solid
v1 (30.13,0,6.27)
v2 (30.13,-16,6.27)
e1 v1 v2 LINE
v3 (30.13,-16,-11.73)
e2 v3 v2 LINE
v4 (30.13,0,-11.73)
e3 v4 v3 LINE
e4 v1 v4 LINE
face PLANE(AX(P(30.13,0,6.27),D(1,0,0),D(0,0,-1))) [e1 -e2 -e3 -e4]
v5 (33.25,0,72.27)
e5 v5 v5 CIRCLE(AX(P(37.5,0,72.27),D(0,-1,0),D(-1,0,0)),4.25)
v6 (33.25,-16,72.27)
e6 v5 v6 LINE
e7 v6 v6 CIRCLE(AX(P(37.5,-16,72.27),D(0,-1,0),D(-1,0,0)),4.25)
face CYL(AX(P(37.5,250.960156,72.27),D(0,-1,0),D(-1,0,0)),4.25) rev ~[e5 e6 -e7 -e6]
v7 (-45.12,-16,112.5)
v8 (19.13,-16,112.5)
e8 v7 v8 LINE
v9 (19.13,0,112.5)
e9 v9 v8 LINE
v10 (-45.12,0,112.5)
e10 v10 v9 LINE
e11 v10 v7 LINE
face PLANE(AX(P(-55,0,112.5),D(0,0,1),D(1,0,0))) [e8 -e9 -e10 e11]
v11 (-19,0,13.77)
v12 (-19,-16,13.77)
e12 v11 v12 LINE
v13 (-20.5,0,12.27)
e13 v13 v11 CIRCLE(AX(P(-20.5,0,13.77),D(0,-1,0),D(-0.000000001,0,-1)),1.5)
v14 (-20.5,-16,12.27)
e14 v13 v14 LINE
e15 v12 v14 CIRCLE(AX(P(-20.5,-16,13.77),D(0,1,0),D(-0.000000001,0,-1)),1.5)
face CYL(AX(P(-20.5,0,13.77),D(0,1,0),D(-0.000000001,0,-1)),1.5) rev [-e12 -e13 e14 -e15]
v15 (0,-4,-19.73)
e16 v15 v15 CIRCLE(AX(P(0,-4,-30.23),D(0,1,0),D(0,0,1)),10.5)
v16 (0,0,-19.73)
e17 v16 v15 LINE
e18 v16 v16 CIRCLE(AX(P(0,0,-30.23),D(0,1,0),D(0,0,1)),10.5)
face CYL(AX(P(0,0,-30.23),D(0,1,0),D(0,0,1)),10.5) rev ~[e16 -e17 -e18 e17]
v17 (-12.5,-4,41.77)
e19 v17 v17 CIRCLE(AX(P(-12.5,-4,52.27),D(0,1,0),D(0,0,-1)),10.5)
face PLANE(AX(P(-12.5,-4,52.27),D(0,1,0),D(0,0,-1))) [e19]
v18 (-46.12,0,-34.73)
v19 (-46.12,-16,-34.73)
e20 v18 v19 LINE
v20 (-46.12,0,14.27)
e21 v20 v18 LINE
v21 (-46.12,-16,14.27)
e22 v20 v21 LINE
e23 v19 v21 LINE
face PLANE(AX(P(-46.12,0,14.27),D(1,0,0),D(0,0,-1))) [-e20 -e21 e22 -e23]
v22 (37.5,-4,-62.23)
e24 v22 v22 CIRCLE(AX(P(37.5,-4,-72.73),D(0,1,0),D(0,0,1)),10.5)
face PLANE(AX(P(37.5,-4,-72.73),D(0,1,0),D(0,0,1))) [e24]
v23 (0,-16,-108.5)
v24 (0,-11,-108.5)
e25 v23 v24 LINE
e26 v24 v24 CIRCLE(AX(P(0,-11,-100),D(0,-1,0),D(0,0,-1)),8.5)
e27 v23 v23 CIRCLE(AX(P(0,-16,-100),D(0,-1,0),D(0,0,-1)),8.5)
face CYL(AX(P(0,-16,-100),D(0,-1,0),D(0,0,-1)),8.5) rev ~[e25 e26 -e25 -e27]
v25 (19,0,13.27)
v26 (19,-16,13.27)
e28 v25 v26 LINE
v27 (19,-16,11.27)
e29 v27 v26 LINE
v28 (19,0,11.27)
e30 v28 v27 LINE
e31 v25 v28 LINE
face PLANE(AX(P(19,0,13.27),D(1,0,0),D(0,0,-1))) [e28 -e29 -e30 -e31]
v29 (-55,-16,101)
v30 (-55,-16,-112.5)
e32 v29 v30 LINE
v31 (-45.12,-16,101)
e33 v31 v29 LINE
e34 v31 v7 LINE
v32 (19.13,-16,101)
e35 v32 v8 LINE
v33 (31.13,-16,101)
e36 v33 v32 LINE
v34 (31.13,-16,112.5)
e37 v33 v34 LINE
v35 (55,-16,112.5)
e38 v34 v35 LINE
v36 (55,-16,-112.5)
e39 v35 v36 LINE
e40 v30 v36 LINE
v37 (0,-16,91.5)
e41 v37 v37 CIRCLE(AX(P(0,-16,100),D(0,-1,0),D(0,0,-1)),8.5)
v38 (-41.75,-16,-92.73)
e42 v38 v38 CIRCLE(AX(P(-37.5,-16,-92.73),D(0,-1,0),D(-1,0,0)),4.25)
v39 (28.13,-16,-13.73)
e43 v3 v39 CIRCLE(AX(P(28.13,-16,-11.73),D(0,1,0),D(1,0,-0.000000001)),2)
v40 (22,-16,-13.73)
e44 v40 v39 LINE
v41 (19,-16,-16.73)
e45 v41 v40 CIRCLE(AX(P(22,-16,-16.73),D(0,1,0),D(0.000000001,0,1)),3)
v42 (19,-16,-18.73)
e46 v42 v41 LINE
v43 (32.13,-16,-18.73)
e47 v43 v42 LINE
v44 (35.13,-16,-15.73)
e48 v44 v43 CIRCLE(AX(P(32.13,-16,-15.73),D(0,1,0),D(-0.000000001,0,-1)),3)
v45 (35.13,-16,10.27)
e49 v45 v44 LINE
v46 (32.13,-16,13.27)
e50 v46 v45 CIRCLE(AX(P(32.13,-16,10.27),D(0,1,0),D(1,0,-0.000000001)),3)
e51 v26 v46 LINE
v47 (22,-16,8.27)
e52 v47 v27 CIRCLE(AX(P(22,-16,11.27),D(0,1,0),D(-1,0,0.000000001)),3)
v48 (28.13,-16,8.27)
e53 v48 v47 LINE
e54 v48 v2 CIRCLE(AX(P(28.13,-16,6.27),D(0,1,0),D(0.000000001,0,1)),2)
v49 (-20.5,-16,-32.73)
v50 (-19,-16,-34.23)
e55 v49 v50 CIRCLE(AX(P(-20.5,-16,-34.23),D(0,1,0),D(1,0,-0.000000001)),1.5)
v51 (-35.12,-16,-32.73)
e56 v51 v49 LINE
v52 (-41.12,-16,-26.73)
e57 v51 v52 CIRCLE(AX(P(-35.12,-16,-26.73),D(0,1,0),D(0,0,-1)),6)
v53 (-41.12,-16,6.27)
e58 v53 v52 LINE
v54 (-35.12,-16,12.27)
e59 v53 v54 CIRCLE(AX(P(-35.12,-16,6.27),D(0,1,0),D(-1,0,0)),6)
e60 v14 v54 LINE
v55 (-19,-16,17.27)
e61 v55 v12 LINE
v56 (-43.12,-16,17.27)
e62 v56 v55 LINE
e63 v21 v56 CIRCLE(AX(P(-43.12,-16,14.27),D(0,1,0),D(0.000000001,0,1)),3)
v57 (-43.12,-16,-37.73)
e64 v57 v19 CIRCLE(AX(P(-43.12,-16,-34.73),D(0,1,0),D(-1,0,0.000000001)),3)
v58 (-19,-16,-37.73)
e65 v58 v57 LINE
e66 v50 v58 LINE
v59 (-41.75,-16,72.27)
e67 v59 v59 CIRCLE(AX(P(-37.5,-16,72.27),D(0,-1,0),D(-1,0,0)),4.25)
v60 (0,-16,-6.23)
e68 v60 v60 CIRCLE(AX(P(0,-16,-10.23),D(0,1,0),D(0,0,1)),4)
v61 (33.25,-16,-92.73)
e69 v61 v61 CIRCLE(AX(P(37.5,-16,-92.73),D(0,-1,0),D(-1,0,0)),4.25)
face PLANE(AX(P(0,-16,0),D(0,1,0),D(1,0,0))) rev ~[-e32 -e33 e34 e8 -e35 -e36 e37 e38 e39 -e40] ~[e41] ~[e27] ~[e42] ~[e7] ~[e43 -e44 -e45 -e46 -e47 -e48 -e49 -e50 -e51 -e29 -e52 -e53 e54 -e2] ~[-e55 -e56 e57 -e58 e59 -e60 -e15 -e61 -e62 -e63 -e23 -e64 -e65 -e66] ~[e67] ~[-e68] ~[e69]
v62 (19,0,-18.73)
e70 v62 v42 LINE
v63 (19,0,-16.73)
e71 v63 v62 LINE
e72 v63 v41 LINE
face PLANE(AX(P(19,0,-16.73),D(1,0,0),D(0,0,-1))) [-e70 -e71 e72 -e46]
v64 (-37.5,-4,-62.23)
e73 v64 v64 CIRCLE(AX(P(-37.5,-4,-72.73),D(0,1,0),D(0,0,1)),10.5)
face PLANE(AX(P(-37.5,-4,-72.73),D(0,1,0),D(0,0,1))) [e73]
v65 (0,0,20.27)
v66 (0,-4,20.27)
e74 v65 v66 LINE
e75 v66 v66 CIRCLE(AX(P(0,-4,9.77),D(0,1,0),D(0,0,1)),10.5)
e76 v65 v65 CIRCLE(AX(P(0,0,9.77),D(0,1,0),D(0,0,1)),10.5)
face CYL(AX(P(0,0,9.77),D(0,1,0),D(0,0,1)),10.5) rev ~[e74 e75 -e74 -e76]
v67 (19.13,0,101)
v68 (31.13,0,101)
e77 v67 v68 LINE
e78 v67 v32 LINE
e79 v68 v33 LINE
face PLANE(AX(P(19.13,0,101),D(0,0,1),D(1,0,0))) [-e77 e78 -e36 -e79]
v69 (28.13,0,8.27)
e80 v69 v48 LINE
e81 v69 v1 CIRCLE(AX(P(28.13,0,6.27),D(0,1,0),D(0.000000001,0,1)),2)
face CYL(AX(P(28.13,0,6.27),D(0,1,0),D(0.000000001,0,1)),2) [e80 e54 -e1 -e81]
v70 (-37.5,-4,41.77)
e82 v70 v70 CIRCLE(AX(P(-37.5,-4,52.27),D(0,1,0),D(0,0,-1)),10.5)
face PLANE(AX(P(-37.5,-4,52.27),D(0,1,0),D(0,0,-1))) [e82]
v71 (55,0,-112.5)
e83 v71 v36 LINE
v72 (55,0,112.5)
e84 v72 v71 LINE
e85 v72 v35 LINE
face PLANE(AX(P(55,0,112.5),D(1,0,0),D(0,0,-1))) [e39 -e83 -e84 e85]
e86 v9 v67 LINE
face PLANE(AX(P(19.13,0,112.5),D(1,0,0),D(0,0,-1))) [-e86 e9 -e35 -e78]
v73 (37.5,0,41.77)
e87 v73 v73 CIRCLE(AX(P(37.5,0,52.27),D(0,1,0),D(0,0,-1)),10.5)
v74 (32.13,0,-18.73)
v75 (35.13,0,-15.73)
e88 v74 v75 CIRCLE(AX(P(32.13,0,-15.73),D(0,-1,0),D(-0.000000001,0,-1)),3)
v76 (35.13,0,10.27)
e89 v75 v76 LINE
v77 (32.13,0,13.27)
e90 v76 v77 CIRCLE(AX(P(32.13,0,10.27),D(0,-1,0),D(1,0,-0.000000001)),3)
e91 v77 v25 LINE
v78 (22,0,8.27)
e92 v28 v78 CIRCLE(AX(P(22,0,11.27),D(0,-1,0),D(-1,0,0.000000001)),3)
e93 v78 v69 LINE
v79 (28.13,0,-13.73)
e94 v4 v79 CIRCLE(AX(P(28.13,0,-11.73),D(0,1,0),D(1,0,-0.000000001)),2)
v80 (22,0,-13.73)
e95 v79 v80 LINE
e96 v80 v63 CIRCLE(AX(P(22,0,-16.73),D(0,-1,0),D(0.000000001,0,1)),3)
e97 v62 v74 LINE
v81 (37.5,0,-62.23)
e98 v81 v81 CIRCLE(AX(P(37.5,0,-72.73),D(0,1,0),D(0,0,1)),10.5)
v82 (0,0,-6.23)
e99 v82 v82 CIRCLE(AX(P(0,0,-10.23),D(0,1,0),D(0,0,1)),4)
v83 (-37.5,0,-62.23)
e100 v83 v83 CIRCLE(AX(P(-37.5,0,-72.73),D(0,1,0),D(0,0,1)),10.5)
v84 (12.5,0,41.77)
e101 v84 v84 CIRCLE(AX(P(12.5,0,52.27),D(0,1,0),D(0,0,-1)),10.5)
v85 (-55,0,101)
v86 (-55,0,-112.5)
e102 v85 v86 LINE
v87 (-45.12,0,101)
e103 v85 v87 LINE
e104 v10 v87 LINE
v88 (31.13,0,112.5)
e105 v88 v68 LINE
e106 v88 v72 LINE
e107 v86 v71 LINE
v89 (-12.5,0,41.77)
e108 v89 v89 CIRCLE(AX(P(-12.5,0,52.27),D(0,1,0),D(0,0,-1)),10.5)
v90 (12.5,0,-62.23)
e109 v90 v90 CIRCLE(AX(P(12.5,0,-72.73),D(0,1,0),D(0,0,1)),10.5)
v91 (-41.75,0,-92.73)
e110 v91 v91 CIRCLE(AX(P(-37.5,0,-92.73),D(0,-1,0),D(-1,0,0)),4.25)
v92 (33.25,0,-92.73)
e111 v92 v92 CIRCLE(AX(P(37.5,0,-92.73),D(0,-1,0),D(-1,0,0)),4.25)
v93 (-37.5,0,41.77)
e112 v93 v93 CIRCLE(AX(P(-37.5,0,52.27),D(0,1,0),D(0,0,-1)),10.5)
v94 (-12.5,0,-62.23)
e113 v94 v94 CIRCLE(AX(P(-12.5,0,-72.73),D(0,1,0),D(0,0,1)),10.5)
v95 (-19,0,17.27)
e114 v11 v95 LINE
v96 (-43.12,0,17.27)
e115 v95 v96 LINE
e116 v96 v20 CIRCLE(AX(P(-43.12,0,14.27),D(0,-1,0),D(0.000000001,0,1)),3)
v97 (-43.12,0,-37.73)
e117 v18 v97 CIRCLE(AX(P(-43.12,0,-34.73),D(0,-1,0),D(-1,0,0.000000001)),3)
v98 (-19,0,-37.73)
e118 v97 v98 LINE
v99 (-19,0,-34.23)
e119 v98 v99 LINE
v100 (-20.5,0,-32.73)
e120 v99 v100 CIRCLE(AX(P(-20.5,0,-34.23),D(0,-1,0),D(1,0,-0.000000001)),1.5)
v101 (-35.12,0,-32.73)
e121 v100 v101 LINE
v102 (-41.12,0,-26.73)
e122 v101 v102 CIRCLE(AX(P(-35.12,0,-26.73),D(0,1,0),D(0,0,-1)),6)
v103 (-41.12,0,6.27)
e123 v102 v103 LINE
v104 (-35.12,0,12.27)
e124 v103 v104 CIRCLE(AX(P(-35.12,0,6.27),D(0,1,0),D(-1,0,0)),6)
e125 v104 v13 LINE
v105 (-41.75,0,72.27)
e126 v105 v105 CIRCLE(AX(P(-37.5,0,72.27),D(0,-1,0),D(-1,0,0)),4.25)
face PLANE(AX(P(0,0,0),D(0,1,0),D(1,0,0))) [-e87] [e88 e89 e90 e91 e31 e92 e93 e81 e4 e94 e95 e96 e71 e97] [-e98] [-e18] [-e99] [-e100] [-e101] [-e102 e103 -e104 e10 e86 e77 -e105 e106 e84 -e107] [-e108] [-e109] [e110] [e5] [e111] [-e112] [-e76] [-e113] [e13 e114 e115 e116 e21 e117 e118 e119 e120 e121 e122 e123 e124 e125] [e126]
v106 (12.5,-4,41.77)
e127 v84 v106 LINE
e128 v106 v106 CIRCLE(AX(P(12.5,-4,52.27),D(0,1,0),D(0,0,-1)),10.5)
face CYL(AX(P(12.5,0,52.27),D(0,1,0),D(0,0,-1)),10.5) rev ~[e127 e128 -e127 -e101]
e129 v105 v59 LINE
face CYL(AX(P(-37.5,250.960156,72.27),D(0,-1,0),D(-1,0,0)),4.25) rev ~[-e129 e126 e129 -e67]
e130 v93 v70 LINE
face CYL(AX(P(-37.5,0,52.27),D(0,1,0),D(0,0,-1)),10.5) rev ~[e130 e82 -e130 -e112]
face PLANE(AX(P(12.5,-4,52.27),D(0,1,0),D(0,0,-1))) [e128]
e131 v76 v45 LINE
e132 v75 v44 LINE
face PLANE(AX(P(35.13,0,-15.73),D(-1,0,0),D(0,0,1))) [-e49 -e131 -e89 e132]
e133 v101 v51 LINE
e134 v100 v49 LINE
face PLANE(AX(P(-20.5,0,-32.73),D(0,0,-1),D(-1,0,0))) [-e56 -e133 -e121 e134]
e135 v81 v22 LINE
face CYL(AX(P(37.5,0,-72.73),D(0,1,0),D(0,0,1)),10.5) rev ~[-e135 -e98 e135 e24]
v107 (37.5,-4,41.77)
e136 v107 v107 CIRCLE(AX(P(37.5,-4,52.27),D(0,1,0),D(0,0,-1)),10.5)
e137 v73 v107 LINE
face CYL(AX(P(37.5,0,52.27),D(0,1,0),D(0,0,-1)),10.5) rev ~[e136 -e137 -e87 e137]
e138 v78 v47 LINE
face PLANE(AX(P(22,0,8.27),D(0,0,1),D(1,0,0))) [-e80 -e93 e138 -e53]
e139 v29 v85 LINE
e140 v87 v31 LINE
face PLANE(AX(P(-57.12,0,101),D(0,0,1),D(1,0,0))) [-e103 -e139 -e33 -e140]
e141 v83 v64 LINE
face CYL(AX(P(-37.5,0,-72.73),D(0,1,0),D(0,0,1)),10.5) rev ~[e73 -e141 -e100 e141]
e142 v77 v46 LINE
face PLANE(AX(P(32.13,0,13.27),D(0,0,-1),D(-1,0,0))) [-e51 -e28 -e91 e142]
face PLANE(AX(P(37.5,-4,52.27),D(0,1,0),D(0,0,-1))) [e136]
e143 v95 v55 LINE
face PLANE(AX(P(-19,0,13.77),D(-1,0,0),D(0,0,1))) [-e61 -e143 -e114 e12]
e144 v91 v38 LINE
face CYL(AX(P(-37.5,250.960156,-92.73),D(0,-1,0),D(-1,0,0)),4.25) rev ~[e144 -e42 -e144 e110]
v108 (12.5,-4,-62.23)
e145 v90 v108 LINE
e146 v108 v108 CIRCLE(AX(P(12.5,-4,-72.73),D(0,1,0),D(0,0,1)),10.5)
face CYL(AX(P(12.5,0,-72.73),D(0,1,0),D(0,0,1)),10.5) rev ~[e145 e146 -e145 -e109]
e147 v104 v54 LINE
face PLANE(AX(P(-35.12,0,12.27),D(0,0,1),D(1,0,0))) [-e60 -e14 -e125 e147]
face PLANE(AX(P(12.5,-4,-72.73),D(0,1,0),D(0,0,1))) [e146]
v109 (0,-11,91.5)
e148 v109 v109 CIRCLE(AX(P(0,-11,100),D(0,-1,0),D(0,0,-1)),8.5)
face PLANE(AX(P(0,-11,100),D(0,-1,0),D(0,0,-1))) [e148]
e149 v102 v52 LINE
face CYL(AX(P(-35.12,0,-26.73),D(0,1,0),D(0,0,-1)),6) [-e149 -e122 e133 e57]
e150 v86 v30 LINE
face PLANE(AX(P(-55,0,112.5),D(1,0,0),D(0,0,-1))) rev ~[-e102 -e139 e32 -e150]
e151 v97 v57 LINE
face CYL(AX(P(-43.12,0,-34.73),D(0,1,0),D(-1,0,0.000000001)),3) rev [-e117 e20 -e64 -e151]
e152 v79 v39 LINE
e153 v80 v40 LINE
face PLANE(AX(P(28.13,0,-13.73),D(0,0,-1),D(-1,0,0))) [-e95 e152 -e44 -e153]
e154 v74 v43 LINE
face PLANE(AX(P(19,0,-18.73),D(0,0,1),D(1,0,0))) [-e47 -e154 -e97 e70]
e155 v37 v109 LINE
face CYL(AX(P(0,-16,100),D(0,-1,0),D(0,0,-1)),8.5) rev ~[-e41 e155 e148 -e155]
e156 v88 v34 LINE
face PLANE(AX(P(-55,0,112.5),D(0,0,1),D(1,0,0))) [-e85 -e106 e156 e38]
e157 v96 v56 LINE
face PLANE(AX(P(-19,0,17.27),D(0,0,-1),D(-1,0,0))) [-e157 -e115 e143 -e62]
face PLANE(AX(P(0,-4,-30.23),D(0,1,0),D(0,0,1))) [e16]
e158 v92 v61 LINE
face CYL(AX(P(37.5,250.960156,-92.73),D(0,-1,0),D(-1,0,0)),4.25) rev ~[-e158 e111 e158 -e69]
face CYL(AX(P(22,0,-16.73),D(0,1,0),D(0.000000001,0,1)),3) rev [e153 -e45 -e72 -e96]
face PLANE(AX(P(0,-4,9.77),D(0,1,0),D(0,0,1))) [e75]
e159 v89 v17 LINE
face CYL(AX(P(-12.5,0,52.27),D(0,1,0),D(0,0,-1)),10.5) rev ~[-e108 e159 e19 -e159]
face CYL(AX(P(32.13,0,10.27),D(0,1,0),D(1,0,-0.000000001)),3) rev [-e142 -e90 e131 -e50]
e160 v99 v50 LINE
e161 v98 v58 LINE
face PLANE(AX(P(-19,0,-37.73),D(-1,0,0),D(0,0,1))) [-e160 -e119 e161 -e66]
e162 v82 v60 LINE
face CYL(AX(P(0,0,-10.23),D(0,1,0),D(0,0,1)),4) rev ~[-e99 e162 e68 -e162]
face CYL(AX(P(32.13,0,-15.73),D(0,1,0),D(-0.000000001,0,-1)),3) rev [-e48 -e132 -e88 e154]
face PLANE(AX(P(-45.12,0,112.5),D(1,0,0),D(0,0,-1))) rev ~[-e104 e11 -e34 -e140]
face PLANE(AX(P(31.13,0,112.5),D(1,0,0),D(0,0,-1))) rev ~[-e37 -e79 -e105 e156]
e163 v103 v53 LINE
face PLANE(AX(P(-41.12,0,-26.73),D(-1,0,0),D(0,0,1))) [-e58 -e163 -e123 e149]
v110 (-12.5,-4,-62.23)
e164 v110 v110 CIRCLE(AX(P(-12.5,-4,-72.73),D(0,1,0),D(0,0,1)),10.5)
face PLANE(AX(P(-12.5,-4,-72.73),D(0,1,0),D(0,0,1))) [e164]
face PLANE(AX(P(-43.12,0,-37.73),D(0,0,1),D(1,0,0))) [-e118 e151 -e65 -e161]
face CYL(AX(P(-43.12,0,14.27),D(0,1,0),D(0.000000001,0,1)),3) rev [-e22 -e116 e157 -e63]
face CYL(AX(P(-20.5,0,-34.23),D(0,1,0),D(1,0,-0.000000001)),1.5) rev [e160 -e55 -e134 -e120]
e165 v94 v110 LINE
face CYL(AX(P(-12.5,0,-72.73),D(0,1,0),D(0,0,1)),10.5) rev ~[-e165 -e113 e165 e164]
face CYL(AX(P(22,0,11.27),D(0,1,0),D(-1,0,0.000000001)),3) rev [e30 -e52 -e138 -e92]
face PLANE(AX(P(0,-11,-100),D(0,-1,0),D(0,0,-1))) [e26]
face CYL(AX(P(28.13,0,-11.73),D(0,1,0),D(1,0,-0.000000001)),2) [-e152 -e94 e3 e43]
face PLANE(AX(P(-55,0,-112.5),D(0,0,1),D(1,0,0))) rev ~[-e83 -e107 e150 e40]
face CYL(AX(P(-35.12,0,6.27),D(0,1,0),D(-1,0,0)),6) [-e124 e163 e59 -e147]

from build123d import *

# Parameters (mm, degrees)
SKETCH1_W           = 110
SKETCH1_H           = 225
BOSS_EXTRUDE1_DEPTH = 16
CUT_EXTRUDE1_REACH  = 128.243
CUT_EXTRUDE2_REACH  = 128.243
SKETCH4_R           = 8.5
CUT_EXTRUDE3_DEPTH  = 5
SKETCH5_R           = 10.5
CUT_EXTRUDE4_DEPTH  = 4
CUT_EXTRUDE5_REACH  = 128.243
SKETCH6_W           = 12
SKETCH6_H           = 11.5
M10_TAPPED_HOLE1_D  = 8.5
CUT_EXTRUDE6_REACH  = 128.243
SKETCH10_R          = 4


with BuildPart() as part:
    # Sketch1 → Boss-Extrude1 (new body)
    with BuildSketch(Plane(origin=(0, 0, 0), x_dir=(1, 0, 0), z_dir=(0, 1, 0))):
        Rectangle(SKETCH1_W, SKETCH1_H)
    extrude(amount=-BOSS_EXTRUDE1_DEPTH)

    # Sketch2 → Cut-Extrude1 (cut, up to next)
    with BuildSketch(Plane(origin=(0, 0, 0), x_dir=(1, 0, 0), z_dir=(0, 1, 0)), mode=Mode.PRIVATE) as cut_extrude1_sk1:
        with BuildLine():
            Line((-19, 37.73), (-19, 34.23))
            ThreePointArc((-19, 34.23), (-19.439339828, 33.169339828), (-20.5, 32.73))
            Line((-20.5, 32.73), (-35.12, 32.73))
            ThreePointArc((-35.12, 32.73), (-39.362640687, 30.972640687), (-41.12, 26.73))
            Line((-41.12, 26.73), (-41.12, -6.27))
            ThreePointArc((-41.12, -6.27), (-39.362640687, -10.512640687), (-35.12, -12.27))
            Line((-35.12, -12.27), (-20.5, -12.27))
            ThreePointArc((-20.5, -12.27), (-19.439339828, -12.709339828), (-19, -13.77))
            Line((-19, -13.77), (-19, -17.27))
            Line((-19, -17.27), (-43.12, -17.27))
            ThreePointArc((-43.12, -17.27), (-45.241320344, -16.391320344), (-46.12, -14.27))
            Line((-46.12, -14.27), (-46.12, 34.73))
            ThreePointArc((-46.12, 34.73), (-45.241320344, 36.851320344), (-43.12, 37.73))
            Line((-43.12, 37.73), (-19, 37.73))
        make_face()
    cut_extrude1_tool1 = extrude(cut_extrude1_sk1.sketch, amount=-CUT_EXTRUDE1_REACH, mode=Mode.PRIVATE) & part.part
    add(cut_extrude1_tool1.solids().sort_by_distance((-44.807702, 0, 15.957702))[0], mode=Mode.SUBTRACT)

    # Sketch3 → Cut-Extrude2 (cut, up to next)
    with BuildSketch(Plane(origin=(0, 0, 0), x_dir=(1, 0, 0), z_dir=(0, 1, 0)), mode=Mode.PRIVATE) as cut_extrude2_sk1:
        with BuildLine():
            Line((19, 18.73), (32.13, 18.73))
            ThreePointArc((32.13, 18.73), (34.251320344, 17.851320344), (35.13, 15.73))
            Line((35.13, 15.73), (35.13, -10.27))
            ThreePointArc((35.13, -10.27), (34.251320344, -12.391320344), (32.13, -13.27))
            Line((32.13, -13.27), (19, -13.27))
            Line((19, -13.27), (19, -11.27))
            ThreePointArc((19, -11.27), (19.878679656, -9.148679656), (22, -8.27))
            Line((22, -8.27), (28.13, -8.27))
            ThreePointArc((28.13, -8.27), (29.544213562, -7.684213562), (30.13, -6.27))
            Line((30.13, -6.27), (30.13, 11.73))
            ThreePointArc((30.13, 11.73), (29.544213562, 13.144213562), (28.13, 13.73))
            Line((28.13, 13.73), (22, 13.73))
            ThreePointArc((22, 13.73), (19.878679656, 14.608679656), (19, 16.73))
            Line((19, 16.73), (19, 18.73))
        make_face()
    cut_extrude2_tool1 = extrude(cut_extrude2_sk1.sketch, amount=-CUT_EXTRUDE2_REACH, mode=Mode.PRIVATE) & part.part
    add(cut_extrude2_tool1.solids().sort_by_distance((29.797608, 0, -13.397608))[0], mode=Mode.SUBTRACT)

    # Sketch4 → Cut-Extrude3 (cut)
    with BuildSketch(Plane.XZ.offset(16)):
        with Locations(Location((0, 100, 0), (0, 0, 270))):
            Circle(SKETCH4_R)
        with Locations(Location((0, -100, 0), (0, 0, 270))):
            Circle(SKETCH4_R)
    extrude(amount=-CUT_EXTRUDE3_DEPTH, mode=Mode.SUBTRACT)

    # Sketch5 → Cut-Extrude4 (cut)
    with BuildSketch(Plane(origin=(0, 0, 0), x_dir=(1, 0, 0), z_dir=(0, 1, 0))):
        with Locations(Location((-37.5, 72.73, 0), (0, 0, 270))):
            Circle(SKETCH5_R)
        with Locations(Location((-12.5, 72.73, 0), (0, 0, 270))):
            Circle(SKETCH5_R)
        with Locations(Location((12.5, 72.73, 0), (0, 0, 270))):
            Circle(SKETCH5_R)
        with Locations(Location((37.5, 72.73, 0), (0, 0, 270))):
            Circle(SKETCH5_R)
        with Locations(Location((37.5, -52.27, 0), (0, 0, 90))):
            Circle(SKETCH5_R)
        with Locations(Location((12.5, -52.27, 0), (0, 0, 90))):
            Circle(SKETCH5_R)
        with Locations(Location((-12.5, -52.27, 0), (0, 0, 90))):
            Circle(SKETCH5_R)
        with Locations(Location((-37.5, -52.27, 0), (0, 0, 90))):
            Circle(SKETCH5_R)
        with Locations(Location((0, 30.23, 0), (0, 0, 270))):
            Circle(SKETCH5_R)
        with Locations(Location((0, -9.77, 0), (0, 0, 270))):
            Circle(SKETCH5_R)
    extrude(amount=-CUT_EXTRUDE4_DEPTH, mode=Mode.SUBTRACT)

    # Sketch6 → Cut-Extrude5 (cut, up to next)
    with BuildSketch(Plane(origin=(0, 0, 0), x_dir=(1, 0, 0), z_dir=(0, 1, 0)), mode=Mode.PRIVATE) as cut_extrude5_sk1:
        with Locations((25.13, -106.75)):
            Rectangle(SKETCH6_W, SKETCH6_H)
    cut_extrude5_tool1 = extrude(cut_extrude5_sk1.sketch, amount=-CUT_EXTRUDE5_REACH, mode=Mode.PRIVATE) & part.part
    # Sketch6 → Cut-Extrude5 (cut, up to next)
    with BuildSketch(Plane(origin=(0, 0, 0), x_dir=(1, 0, 0), z_dir=(0, 1, 0)), mode=Mode.PRIVATE) as cut_extrude5_sk2:
        with Locations((-51.12, -106.75)):
            Rectangle(SKETCH6_W, SKETCH6_H)
    cut_extrude5_tool2 = extrude(cut_extrude5_sk2.sketch, amount=-CUT_EXTRUDE5_REACH, mode=Mode.PRIVATE) & part.part
    add(cut_extrude5_tool1.solids().sort_by_distance((25.13, 0, 106.75))[0], mode=Mode.SUBTRACT)
    add(cut_extrude5_tool2.solids().sort_by_distance((-51.12, 0, 106.75))[0], mode=Mode.SUBTRACT)

    # M10 Tapped Hole1 (through all)
    with Locations(Plane(origin=(0, 0, 0), x_dir=(1, 0, 0), z_dir=(0, 1, 0))):
        with Locations((-37.5, -72.27), (37.5, -72.27), (37.5, 92.73), (-37.5, 92.73)):
            Hole(M10_TAPPED_HOLE1_D / 2)

    # Sketch10 → Cut-Extrude6 (cut, up to next)
    with BuildSketch(Plane(origin=(0, 0, 0), x_dir=(1, 0, 0), z_dir=(0, 1, 0)), mode=Mode.PRIVATE) as cut_extrude6_sk1:
        with Locations(Location((0, 10.23, 0), (0, 0, 270))):
            Circle(SKETCH10_R)
    cut_extrude6_tool1 = extrude(cut_extrude6_sk1.sketch, amount=-CUT_EXTRUDE6_REACH, mode=Mode.PRIVATE) & part.part
    add(cut_extrude6_tool1.solids().sort_by_distance((0, 0, -10.23))[0], mode=Mode.SUBTRACT)


solid = part.part
